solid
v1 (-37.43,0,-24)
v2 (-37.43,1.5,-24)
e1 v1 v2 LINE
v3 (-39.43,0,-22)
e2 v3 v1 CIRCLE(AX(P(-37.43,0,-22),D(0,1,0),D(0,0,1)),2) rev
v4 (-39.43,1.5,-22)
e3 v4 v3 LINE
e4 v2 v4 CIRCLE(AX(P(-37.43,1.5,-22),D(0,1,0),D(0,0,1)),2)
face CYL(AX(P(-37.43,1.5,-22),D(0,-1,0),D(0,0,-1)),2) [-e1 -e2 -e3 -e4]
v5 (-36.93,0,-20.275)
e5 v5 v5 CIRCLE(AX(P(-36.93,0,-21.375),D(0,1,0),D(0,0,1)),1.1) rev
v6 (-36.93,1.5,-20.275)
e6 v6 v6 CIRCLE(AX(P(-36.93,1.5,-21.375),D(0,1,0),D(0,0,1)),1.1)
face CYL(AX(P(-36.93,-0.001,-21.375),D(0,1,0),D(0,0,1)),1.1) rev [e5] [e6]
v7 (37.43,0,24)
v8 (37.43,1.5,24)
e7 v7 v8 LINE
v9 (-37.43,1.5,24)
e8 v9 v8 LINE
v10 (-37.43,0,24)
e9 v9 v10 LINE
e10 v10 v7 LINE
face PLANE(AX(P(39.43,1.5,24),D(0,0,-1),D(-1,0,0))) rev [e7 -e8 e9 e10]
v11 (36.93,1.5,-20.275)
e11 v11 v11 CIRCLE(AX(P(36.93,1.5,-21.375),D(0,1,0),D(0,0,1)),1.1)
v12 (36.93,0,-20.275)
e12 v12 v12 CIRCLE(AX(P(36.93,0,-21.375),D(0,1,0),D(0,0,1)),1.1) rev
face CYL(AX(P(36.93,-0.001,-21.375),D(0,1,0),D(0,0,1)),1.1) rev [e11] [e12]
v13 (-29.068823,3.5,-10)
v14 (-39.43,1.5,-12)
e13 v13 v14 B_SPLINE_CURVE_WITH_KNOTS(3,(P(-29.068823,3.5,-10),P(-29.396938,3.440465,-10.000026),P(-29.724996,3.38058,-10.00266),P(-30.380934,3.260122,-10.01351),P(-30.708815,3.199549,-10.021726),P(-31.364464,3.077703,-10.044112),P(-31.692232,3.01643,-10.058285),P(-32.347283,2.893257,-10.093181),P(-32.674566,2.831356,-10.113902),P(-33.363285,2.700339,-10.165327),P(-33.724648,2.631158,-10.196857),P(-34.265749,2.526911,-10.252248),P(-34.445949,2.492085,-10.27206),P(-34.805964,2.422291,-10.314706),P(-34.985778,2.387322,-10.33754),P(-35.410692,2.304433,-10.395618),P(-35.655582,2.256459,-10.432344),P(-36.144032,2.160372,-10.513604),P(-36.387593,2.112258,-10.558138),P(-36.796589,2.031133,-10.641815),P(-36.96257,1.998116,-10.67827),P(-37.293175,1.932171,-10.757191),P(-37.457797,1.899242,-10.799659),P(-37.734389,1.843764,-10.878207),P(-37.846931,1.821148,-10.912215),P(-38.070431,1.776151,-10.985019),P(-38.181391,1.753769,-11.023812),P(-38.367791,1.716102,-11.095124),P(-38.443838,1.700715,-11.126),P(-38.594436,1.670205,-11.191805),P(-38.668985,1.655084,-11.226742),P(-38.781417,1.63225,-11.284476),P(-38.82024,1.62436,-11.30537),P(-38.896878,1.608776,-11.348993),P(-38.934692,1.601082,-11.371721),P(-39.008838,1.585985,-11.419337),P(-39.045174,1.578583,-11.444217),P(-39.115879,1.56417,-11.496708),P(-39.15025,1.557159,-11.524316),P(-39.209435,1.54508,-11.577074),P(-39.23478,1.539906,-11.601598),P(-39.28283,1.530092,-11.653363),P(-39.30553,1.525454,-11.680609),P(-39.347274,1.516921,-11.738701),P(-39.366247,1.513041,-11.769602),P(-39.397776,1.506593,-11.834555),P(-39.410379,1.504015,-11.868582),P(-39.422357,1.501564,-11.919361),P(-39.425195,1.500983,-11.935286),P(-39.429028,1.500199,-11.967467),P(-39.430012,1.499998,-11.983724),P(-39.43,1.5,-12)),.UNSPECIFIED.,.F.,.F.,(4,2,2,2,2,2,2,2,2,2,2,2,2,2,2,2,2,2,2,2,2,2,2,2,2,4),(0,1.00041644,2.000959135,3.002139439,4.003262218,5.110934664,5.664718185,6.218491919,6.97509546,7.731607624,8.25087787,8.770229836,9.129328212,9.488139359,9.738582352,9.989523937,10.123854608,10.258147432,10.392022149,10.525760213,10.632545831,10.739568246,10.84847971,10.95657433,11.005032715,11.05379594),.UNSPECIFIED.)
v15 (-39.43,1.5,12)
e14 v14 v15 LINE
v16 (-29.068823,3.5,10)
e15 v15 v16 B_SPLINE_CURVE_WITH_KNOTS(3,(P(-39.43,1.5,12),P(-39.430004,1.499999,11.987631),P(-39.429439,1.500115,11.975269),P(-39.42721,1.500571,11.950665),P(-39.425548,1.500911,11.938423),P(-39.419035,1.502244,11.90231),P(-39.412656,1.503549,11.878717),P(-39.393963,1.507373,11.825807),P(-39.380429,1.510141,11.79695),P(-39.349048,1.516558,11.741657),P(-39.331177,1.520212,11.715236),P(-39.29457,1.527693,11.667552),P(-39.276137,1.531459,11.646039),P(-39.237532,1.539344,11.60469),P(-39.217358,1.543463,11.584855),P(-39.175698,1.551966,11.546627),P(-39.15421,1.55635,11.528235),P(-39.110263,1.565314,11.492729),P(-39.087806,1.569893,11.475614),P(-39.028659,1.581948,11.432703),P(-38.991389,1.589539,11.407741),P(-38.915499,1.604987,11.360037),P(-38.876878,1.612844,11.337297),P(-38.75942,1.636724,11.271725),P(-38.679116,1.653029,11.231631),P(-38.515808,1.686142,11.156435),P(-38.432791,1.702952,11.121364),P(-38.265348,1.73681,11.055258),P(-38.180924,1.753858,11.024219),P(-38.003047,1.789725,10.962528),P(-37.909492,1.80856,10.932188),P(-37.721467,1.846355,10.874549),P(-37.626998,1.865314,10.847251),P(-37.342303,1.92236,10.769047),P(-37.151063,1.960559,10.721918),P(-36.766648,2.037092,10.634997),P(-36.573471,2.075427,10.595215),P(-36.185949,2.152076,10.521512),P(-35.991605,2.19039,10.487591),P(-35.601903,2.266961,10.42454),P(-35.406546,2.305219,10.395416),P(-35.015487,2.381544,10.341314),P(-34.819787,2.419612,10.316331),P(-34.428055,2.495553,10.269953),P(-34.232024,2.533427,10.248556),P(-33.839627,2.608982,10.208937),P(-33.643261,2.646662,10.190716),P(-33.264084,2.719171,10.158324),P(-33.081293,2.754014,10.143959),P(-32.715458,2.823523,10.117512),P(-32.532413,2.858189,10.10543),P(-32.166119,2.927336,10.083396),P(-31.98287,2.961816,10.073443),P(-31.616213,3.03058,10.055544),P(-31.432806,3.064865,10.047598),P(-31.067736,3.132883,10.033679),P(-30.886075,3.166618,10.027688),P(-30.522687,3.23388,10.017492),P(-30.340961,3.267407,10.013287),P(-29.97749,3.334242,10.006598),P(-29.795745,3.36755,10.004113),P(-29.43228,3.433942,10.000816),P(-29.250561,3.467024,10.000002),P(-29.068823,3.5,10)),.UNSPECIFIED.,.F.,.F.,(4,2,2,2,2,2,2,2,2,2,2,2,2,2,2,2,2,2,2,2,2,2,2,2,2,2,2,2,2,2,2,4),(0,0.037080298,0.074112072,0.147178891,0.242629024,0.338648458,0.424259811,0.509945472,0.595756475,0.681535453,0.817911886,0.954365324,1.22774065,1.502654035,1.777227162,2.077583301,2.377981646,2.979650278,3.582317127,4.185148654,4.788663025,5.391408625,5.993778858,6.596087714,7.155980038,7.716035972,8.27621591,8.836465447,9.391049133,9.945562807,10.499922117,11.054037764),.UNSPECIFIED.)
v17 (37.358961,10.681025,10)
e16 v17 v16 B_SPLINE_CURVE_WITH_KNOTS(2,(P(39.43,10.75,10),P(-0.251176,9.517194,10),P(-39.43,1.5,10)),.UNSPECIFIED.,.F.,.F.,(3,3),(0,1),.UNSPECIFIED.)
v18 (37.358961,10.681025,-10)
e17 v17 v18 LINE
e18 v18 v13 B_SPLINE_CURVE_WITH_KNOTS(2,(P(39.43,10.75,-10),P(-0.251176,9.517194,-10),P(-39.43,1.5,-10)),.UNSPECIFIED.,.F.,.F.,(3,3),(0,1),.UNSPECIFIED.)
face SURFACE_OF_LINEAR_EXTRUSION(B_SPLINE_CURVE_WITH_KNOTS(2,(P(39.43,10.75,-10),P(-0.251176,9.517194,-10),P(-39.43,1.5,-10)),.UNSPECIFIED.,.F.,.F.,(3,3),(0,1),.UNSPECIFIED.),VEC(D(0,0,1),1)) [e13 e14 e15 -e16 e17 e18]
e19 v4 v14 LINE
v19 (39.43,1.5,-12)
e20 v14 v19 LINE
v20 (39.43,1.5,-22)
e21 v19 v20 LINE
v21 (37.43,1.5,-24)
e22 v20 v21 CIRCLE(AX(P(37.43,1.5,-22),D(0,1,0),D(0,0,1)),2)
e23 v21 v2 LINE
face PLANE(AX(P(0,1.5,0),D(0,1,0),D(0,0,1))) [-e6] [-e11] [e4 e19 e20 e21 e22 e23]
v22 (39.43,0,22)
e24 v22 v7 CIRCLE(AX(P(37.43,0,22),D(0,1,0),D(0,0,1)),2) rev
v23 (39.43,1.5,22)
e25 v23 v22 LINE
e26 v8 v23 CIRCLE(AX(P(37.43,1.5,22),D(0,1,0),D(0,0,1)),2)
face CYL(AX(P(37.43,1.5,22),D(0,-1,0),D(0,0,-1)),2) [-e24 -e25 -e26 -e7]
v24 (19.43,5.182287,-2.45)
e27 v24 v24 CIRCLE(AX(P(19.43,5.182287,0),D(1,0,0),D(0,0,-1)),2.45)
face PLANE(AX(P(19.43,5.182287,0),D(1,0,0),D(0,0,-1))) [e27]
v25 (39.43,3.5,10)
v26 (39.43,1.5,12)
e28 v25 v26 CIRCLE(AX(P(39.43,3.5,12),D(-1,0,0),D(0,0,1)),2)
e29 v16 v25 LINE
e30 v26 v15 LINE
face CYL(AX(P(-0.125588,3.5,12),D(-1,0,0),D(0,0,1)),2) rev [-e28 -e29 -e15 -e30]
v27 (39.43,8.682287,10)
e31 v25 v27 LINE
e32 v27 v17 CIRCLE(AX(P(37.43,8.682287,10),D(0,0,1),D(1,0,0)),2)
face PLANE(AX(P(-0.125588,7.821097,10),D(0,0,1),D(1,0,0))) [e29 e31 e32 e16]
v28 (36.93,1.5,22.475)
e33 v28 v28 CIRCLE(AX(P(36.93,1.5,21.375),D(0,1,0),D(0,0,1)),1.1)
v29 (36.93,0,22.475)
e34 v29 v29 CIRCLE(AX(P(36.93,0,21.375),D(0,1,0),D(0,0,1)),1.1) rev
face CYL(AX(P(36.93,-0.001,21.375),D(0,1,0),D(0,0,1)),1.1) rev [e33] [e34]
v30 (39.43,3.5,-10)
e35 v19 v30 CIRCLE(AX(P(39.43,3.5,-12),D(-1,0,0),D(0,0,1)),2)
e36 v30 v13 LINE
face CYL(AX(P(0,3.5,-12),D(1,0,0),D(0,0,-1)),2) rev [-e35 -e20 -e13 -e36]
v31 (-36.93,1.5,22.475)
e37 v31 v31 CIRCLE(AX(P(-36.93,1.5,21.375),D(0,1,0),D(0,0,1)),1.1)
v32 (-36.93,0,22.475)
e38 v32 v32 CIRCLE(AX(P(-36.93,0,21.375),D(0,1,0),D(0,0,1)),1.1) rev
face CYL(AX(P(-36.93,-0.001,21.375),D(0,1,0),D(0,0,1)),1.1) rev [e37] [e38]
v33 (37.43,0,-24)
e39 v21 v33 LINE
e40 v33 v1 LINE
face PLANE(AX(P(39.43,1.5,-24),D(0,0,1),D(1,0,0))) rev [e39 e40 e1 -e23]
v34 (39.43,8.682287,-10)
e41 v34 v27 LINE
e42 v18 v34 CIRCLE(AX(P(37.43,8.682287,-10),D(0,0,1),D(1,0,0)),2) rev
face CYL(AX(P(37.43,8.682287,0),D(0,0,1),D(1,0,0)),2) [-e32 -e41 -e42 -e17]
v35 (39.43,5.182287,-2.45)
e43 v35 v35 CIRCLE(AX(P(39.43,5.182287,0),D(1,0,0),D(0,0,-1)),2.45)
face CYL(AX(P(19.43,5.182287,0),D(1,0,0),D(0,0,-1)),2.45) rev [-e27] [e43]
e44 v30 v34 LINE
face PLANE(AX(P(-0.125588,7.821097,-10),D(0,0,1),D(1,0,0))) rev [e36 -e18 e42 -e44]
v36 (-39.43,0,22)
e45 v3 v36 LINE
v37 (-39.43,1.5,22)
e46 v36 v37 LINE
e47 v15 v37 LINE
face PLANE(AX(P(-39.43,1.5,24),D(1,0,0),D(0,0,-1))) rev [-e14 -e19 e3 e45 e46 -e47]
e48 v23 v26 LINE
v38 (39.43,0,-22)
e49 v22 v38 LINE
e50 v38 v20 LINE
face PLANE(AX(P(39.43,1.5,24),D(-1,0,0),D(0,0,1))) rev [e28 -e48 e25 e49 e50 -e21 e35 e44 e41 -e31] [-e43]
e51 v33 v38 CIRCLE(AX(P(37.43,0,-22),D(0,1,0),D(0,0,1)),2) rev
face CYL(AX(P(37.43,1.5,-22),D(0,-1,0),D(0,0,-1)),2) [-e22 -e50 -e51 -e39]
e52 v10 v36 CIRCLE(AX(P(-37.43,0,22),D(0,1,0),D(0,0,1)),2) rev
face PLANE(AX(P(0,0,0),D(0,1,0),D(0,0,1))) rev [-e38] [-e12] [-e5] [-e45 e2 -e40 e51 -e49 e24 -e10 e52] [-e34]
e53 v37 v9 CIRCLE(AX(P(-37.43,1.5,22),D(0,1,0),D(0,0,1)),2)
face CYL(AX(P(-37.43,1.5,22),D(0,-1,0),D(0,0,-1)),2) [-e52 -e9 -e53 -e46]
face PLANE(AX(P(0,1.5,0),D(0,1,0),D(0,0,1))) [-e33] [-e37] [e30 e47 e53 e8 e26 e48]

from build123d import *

# Parameters (mm, degrees)
SKETCH1_W                = 78.86
SKETCH1_H                = 48
BOSS_EXTRUDE1_DEPTH      = 1.5
CUT_EXTRUDE1_REACH       = 48.184
SKETCH2_R                = 1.1
FILLET1_R                = 2
BOSS_EXTRUDE2_DEPTH      = 10
BOSS_EXTRUDE2_DEPTH_BACK = 10
FILLET3_R                = 2
FILLET5_R                = 2
SKETCH4_R                = 2.45
CUT_EXTRUDE2_DEPTH       = 20


with BuildPart() as part:
    # Sketch1 → Boss-Extrude1 (new body)
    with BuildSketch(Plane(origin=(0, 0, 0), x_dir=(1, 0, 0), z_dir=(0, 1, 0))):
        Rectangle(SKETCH1_W, SKETCH1_H)
    extrude(amount=BOSS_EXTRUDE1_DEPTH)

    # Sketch2 → Cut-Extrude1 (cut, up to next)
    with BuildSketch(Plane(origin=(0, 1.5, 0), x_dir=(1, 0, 0), z_dir=(0, 1, 0)), mode=Mode.PRIVATE) as cut_extrude1_sk1:
        with Locations(Location((-36.93, 21.375, 0), (0, 0, 270))):
            Circle(SKETCH2_R)
    cut_extrude1_tool1 = extrude(cut_extrude1_sk1.sketch, amount=-CUT_EXTRUDE1_REACH, mode=Mode.PRIVATE) & part.part
    # Sketch2 → Cut-Extrude1 (cut, up to next)
    with BuildSketch(Plane(origin=(0, 1.5, 0), x_dir=(1, 0, 0), z_dir=(0, 1, 0)), mode=Mode.PRIVATE) as cut_extrude1_sk2:
        with Locations(Location((-36.93, -21.375, 0), (0, 0, 270))):
            Circle(SKETCH2_R)
    cut_extrude1_tool2 = extrude(cut_extrude1_sk2.sketch, amount=-CUT_EXTRUDE1_REACH, mode=Mode.PRIVATE) & part.part
    # Sketch2 → Cut-Extrude1 (cut, up to next)
    with BuildSketch(Plane(origin=(0, 1.5, 0), x_dir=(1, 0, 0), z_dir=(0, 1, 0)), mode=Mode.PRIVATE) as cut_extrude1_sk3:
        with Locations(Location((36.93, 21.375, 0), (0, 0, 270))):
            Circle(SKETCH2_R)
    cut_extrude1_tool3 = extrude(cut_extrude1_sk3.sketch, amount=-CUT_EXTRUDE1_REACH, mode=Mode.PRIVATE) & part.part
    # Sketch2 → Cut-Extrude1 (cut, up to next)
    with BuildSketch(Plane(origin=(0, 1.5, 0), x_dir=(1, 0, 0), z_dir=(0, 1, 0)), mode=Mode.PRIVATE) as cut_extrude1_sk4:
        with Locations(Location((36.93, -21.375, 0), (0, 0, 270))):
            Circle(SKETCH2_R)
    cut_extrude1_tool4 = extrude(cut_extrude1_sk4.sketch, amount=-CUT_EXTRUDE1_REACH, mode=Mode.PRIVATE) & part.part
    add(cut_extrude1_tool1.solids().sort_by_distance((-36.93, 1.5, -21.375))[0], mode=Mode.SUBTRACT)
    add(cut_extrude1_tool2.solids().sort_by_distance((-36.93, 1.5, 21.375))[0], mode=Mode.SUBTRACT)
    add(cut_extrude1_tool3.solids().sort_by_distance((36.93, 1.5, -21.375))[0], mode=Mode.SUBTRACT)
    add(cut_extrude1_tool4.solids().sort_by_distance((36.93, 1.5, 21.375))[0], mode=Mode.SUBTRACT)

    # Fillet1
    fillet1_edges = [part.edges().sort_by_distance(p)[0] for p in [
        (-39.43, 0.75, -24),
        (39.43, 0.75, -24),
        (39.43, 0.75, 24),
        (-39.43, 0.75, 24),
    ]]
    fillet(fillet1_edges, radius=FILLET1_R)

    # Sketch3 → Boss-Extrude2 (add, two sides: drawn at the far end of the back side and taken through both)
    with BuildSketch(Plane.XY.offset(-BOSS_EXTRUDE2_DEPTH_BACK)):
        with BuildLine():
            Line((39.43, 0.75), (39.43, 10.75))
            add(Edge.make_bspline(
                [(-39.43, 1.5), (-0.251175804, 9.517193524), (39.43, 10.75)],
                knots=[0, 0, 0, 1, 1, 1], degree=2))
            Line((-39.43, 1.5), (-39.43, 0.75))
            Line((-39.43, 0.75), (39.43, 0.75))
        make_face()
    extrude(amount=BOSS_EXTRUDE2_DEPTH + BOSS_EXTRUDE2_DEPTH_BACK)

    # Fillet3
    fillet3_edges = [part.edges().sort_by_distance(p)[0] for p in [
        (0, 1.5, 10),
        (0, 1.5, -10),
    ]]
    fillet(fillet3_edges, radius=FILLET3_R)

    # Fillet5
    fillet5_edges = [part.edges().sort_by_distance(p)[0] for p in [
        (39.43, 10.75, -5),
    ]]
    fillet(fillet5_edges, radius=FILLET5_R)

    # Sketch4 → Cut-Extrude2 (cut)
    with BuildSketch(Plane(origin=(39.43, 0, 0), x_dir=(0, 0, -1), z_dir=(1, 0, 0))):
        with Locations((0, 5.182287096)):
            Circle(SKETCH4_R)
    extrude(amount=-CUT_EXTRUDE2_DEPTH, mode=Mode.SUBTRACT)


solid = part.part
